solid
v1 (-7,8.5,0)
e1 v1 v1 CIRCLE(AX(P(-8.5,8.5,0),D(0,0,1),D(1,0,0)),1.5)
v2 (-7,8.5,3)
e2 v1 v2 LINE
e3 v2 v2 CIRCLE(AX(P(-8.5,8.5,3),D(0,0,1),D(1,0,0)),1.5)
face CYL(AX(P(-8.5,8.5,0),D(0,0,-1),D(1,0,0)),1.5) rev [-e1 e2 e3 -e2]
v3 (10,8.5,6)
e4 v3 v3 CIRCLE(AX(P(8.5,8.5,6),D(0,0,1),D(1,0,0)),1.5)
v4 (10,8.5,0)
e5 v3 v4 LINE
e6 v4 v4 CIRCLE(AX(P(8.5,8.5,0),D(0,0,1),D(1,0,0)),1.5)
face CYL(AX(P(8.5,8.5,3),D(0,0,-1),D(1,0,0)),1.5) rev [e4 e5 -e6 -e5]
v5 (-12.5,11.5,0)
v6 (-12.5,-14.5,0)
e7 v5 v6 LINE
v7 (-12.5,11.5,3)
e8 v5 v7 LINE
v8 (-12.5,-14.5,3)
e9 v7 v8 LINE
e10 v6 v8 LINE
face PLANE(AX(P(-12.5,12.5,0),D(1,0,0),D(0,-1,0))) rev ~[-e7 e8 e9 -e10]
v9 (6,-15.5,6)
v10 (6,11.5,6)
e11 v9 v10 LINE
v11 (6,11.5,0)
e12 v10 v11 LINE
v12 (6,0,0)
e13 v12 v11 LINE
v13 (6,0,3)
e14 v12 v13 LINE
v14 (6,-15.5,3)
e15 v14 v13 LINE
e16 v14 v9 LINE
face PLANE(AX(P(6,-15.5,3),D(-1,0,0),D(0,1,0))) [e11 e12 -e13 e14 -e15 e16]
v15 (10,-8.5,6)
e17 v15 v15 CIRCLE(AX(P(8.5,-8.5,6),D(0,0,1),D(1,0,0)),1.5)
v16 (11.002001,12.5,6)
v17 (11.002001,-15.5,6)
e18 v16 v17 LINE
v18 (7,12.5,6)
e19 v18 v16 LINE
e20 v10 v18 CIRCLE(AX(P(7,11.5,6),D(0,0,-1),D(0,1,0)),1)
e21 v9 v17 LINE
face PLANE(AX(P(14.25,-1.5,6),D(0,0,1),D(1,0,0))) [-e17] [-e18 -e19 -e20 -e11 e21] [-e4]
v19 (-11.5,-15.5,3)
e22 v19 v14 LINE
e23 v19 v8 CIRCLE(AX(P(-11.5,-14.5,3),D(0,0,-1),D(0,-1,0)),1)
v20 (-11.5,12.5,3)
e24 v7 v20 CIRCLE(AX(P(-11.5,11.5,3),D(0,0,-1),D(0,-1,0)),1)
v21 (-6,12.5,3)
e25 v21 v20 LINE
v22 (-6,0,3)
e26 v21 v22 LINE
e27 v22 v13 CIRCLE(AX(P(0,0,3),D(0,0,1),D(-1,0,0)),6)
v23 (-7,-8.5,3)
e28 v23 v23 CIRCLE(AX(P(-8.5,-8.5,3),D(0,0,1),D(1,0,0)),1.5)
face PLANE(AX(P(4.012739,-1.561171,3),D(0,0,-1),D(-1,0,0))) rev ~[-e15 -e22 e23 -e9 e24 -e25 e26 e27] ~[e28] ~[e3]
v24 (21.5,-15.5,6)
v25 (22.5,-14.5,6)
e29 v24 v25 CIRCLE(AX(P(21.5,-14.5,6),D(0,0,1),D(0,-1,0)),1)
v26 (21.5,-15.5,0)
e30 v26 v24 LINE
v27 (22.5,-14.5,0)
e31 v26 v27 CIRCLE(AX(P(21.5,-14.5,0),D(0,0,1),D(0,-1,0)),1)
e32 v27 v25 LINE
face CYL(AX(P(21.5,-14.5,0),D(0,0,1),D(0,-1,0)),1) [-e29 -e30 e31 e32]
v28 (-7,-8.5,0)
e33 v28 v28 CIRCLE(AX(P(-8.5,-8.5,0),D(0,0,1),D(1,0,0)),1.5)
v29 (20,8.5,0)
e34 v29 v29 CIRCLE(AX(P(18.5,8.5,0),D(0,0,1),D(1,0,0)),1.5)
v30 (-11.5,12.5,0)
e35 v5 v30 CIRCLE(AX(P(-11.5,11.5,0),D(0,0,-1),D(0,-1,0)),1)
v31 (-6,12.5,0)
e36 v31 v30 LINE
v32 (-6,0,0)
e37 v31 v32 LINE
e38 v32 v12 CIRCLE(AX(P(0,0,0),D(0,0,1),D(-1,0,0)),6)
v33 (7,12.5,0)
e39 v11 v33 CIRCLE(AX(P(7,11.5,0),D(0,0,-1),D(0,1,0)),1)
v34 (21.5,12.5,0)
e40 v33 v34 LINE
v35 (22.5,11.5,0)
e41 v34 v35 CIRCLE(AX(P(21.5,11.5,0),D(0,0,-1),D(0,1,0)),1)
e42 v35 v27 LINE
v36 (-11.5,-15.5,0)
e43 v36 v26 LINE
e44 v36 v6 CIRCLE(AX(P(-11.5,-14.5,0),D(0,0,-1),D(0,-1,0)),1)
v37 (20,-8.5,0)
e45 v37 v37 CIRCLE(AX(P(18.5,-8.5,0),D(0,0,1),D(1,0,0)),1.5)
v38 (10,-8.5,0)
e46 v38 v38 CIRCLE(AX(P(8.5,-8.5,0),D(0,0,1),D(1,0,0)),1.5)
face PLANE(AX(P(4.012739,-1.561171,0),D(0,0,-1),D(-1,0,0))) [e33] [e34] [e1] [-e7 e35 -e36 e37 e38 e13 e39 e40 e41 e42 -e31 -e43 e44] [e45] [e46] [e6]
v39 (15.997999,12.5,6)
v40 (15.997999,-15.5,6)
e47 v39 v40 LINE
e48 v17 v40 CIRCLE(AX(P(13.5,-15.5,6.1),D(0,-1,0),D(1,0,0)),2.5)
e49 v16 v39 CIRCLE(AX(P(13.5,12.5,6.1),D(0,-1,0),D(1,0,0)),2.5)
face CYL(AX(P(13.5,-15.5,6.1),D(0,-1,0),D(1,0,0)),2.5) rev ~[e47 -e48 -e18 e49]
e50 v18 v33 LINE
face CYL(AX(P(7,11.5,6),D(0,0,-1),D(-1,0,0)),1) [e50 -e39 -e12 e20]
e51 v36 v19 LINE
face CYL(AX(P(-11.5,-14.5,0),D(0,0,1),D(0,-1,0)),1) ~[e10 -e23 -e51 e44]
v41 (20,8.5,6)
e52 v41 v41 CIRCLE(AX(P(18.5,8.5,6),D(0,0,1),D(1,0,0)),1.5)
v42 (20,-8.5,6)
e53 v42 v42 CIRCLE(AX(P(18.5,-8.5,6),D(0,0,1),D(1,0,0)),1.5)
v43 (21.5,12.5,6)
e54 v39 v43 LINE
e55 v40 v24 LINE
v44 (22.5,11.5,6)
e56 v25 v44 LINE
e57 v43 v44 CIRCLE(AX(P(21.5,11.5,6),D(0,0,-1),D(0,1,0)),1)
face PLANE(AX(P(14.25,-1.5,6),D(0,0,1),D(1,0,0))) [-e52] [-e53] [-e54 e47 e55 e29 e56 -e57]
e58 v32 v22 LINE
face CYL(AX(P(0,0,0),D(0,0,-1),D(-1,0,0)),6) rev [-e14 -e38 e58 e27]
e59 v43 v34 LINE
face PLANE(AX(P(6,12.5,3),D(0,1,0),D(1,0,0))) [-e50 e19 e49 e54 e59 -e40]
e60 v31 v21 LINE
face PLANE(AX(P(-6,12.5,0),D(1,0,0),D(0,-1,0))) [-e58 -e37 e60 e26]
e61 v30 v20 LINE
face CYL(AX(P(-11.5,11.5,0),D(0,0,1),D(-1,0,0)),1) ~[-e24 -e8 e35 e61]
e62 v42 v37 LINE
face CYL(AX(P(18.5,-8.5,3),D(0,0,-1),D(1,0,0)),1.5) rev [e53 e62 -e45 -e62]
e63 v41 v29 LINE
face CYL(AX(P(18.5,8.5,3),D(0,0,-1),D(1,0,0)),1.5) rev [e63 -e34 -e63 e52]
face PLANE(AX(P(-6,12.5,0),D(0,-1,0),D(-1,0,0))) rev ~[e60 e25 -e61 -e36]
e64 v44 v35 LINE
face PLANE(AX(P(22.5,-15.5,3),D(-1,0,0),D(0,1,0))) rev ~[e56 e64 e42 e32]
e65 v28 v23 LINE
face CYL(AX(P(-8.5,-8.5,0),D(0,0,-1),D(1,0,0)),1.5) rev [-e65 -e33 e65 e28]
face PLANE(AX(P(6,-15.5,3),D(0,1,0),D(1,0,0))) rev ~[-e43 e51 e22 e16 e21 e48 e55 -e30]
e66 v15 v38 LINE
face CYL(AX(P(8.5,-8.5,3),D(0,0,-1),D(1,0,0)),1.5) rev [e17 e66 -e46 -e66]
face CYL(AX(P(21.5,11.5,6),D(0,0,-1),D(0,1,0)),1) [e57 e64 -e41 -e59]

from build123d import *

# Parameters (mm, degrees)
SKETCH_R     = 1.5
PAD_DEPTH    = 3
SKETCH001_W  = 16.5
SKETCH001_H  = 28
SKETCH001_R  = 1.5
PAD001_DEPTH = 3
SKETCH002_R  = 2.5
POCKET_DEPTH = 28.001
FILLET_R     = 1
FILLET001_R  = 1
FILLET002_R  = 1
FILLET003_R  = 1


with BuildPart() as part:
    # Sketch → Pad (new body)
    with BuildSketch(Plane.XY):
        with BuildLine():
            ThreePointArc((-6, 0), (0, -6), (6, 0))
            Line((6, 0), (6, 12.5))
            Line((6, 12.5), (22.5, 12.5))
            Line((22.5, 12.5), (22.5, -15.5))
            Line((-12.5, -15.5), (22.5, -15.5))
            Line((-12.5, 12.5), (-12.5, -15.5))
            Line((-6, 12.5), (-12.5, 12.5))
            Line((-6, 12.5), (-6, 0))
        make_face()
        with Locations((-8.5, -8.5)):
            Circle(SKETCH_R, mode=Mode.SUBTRACT)
        with Locations((8.5, -8.5)):
            Circle(SKETCH_R, mode=Mode.SUBTRACT)
        with Locations((-8.5, 8.5)):
            Circle(SKETCH_R, mode=Mode.SUBTRACT)
        with Locations((8.5, 8.5)):
            Circle(SKETCH_R, mode=Mode.SUBTRACT)
        with Locations((18.5, 8.5)):
            Circle(SKETCH_R, mode=Mode.SUBTRACT)
        with Locations((18.5, -8.5)):
            Circle(SKETCH_R, mode=Mode.SUBTRACT)
    extrude(amount=PAD_DEPTH)

    # Sketch001 → Pad001 (join)
    with BuildSketch(Plane.XY.offset(3)):
        with Locations((14.25, -1.5)):
            Rectangle(SKETCH001_W, SKETCH001_H)
        with Locations((8.5, 8.5)):
            Circle(SKETCH001_R, mode=Mode.SUBTRACT)
        with Locations((18.5, 8.5)):
            Circle(SKETCH001_R, mode=Mode.SUBTRACT)
        with Locations((18.5, -8.5)):
            Circle(SKETCH001_R, mode=Mode.SUBTRACT)
        with Locations((8.5, -8.5)):
            Circle(SKETCH001_R, mode=Mode.SUBTRACT)
    extrude(amount=PAD001_DEPTH)

    # Sketch002 (on Face20 of Pad001) → Pocket (cut, through all)
    with BuildSketch(Plane.XZ.offset(15.5)):
        with Locations((13.5, 6.1)):
            Circle(SKETCH002_R)
    extrude(amount=-POCKET_DEPTH, mode=Mode.SUBTRACT)

    # Fillet
    fillet_edges = [part.edges().sort_by_distance(p)[0] for p in [
        (-12.5, -15.5, 1.5),
        (22.5, -15.5, 1.5),
        (22.5, -15.5, 4.5),
    ]]
    fillet(fillet_edges, radius=FILLET_R)

    # Fillet001
    fillet001_edges = [part.edges().sort_by_distance(p)[0] for p in [
        (-12.5, 12.5, 1.5),
    ]]
    fillet(fillet001_edges, radius=FILLET001_R)

    # Fillet002
    fillet002_edges = [part.edges().sort_by_distance(p)[0] for p in [
        (6, 12.5, 4.5),
        (6, 12.5, 1.5),
    ]]
    fillet(fillet002_edges, radius=FILLET002_R)

    # Fillet003
    fillet003_edges = [part.edges().sort_by_distance(p)[0] for p in [
        (22.5, 12.5, 4.5),
        (22.5, 12.5, 1.5),
    ]]
    fillet(fillet003_edges, radius=FILLET003_R)


solid = part.part
